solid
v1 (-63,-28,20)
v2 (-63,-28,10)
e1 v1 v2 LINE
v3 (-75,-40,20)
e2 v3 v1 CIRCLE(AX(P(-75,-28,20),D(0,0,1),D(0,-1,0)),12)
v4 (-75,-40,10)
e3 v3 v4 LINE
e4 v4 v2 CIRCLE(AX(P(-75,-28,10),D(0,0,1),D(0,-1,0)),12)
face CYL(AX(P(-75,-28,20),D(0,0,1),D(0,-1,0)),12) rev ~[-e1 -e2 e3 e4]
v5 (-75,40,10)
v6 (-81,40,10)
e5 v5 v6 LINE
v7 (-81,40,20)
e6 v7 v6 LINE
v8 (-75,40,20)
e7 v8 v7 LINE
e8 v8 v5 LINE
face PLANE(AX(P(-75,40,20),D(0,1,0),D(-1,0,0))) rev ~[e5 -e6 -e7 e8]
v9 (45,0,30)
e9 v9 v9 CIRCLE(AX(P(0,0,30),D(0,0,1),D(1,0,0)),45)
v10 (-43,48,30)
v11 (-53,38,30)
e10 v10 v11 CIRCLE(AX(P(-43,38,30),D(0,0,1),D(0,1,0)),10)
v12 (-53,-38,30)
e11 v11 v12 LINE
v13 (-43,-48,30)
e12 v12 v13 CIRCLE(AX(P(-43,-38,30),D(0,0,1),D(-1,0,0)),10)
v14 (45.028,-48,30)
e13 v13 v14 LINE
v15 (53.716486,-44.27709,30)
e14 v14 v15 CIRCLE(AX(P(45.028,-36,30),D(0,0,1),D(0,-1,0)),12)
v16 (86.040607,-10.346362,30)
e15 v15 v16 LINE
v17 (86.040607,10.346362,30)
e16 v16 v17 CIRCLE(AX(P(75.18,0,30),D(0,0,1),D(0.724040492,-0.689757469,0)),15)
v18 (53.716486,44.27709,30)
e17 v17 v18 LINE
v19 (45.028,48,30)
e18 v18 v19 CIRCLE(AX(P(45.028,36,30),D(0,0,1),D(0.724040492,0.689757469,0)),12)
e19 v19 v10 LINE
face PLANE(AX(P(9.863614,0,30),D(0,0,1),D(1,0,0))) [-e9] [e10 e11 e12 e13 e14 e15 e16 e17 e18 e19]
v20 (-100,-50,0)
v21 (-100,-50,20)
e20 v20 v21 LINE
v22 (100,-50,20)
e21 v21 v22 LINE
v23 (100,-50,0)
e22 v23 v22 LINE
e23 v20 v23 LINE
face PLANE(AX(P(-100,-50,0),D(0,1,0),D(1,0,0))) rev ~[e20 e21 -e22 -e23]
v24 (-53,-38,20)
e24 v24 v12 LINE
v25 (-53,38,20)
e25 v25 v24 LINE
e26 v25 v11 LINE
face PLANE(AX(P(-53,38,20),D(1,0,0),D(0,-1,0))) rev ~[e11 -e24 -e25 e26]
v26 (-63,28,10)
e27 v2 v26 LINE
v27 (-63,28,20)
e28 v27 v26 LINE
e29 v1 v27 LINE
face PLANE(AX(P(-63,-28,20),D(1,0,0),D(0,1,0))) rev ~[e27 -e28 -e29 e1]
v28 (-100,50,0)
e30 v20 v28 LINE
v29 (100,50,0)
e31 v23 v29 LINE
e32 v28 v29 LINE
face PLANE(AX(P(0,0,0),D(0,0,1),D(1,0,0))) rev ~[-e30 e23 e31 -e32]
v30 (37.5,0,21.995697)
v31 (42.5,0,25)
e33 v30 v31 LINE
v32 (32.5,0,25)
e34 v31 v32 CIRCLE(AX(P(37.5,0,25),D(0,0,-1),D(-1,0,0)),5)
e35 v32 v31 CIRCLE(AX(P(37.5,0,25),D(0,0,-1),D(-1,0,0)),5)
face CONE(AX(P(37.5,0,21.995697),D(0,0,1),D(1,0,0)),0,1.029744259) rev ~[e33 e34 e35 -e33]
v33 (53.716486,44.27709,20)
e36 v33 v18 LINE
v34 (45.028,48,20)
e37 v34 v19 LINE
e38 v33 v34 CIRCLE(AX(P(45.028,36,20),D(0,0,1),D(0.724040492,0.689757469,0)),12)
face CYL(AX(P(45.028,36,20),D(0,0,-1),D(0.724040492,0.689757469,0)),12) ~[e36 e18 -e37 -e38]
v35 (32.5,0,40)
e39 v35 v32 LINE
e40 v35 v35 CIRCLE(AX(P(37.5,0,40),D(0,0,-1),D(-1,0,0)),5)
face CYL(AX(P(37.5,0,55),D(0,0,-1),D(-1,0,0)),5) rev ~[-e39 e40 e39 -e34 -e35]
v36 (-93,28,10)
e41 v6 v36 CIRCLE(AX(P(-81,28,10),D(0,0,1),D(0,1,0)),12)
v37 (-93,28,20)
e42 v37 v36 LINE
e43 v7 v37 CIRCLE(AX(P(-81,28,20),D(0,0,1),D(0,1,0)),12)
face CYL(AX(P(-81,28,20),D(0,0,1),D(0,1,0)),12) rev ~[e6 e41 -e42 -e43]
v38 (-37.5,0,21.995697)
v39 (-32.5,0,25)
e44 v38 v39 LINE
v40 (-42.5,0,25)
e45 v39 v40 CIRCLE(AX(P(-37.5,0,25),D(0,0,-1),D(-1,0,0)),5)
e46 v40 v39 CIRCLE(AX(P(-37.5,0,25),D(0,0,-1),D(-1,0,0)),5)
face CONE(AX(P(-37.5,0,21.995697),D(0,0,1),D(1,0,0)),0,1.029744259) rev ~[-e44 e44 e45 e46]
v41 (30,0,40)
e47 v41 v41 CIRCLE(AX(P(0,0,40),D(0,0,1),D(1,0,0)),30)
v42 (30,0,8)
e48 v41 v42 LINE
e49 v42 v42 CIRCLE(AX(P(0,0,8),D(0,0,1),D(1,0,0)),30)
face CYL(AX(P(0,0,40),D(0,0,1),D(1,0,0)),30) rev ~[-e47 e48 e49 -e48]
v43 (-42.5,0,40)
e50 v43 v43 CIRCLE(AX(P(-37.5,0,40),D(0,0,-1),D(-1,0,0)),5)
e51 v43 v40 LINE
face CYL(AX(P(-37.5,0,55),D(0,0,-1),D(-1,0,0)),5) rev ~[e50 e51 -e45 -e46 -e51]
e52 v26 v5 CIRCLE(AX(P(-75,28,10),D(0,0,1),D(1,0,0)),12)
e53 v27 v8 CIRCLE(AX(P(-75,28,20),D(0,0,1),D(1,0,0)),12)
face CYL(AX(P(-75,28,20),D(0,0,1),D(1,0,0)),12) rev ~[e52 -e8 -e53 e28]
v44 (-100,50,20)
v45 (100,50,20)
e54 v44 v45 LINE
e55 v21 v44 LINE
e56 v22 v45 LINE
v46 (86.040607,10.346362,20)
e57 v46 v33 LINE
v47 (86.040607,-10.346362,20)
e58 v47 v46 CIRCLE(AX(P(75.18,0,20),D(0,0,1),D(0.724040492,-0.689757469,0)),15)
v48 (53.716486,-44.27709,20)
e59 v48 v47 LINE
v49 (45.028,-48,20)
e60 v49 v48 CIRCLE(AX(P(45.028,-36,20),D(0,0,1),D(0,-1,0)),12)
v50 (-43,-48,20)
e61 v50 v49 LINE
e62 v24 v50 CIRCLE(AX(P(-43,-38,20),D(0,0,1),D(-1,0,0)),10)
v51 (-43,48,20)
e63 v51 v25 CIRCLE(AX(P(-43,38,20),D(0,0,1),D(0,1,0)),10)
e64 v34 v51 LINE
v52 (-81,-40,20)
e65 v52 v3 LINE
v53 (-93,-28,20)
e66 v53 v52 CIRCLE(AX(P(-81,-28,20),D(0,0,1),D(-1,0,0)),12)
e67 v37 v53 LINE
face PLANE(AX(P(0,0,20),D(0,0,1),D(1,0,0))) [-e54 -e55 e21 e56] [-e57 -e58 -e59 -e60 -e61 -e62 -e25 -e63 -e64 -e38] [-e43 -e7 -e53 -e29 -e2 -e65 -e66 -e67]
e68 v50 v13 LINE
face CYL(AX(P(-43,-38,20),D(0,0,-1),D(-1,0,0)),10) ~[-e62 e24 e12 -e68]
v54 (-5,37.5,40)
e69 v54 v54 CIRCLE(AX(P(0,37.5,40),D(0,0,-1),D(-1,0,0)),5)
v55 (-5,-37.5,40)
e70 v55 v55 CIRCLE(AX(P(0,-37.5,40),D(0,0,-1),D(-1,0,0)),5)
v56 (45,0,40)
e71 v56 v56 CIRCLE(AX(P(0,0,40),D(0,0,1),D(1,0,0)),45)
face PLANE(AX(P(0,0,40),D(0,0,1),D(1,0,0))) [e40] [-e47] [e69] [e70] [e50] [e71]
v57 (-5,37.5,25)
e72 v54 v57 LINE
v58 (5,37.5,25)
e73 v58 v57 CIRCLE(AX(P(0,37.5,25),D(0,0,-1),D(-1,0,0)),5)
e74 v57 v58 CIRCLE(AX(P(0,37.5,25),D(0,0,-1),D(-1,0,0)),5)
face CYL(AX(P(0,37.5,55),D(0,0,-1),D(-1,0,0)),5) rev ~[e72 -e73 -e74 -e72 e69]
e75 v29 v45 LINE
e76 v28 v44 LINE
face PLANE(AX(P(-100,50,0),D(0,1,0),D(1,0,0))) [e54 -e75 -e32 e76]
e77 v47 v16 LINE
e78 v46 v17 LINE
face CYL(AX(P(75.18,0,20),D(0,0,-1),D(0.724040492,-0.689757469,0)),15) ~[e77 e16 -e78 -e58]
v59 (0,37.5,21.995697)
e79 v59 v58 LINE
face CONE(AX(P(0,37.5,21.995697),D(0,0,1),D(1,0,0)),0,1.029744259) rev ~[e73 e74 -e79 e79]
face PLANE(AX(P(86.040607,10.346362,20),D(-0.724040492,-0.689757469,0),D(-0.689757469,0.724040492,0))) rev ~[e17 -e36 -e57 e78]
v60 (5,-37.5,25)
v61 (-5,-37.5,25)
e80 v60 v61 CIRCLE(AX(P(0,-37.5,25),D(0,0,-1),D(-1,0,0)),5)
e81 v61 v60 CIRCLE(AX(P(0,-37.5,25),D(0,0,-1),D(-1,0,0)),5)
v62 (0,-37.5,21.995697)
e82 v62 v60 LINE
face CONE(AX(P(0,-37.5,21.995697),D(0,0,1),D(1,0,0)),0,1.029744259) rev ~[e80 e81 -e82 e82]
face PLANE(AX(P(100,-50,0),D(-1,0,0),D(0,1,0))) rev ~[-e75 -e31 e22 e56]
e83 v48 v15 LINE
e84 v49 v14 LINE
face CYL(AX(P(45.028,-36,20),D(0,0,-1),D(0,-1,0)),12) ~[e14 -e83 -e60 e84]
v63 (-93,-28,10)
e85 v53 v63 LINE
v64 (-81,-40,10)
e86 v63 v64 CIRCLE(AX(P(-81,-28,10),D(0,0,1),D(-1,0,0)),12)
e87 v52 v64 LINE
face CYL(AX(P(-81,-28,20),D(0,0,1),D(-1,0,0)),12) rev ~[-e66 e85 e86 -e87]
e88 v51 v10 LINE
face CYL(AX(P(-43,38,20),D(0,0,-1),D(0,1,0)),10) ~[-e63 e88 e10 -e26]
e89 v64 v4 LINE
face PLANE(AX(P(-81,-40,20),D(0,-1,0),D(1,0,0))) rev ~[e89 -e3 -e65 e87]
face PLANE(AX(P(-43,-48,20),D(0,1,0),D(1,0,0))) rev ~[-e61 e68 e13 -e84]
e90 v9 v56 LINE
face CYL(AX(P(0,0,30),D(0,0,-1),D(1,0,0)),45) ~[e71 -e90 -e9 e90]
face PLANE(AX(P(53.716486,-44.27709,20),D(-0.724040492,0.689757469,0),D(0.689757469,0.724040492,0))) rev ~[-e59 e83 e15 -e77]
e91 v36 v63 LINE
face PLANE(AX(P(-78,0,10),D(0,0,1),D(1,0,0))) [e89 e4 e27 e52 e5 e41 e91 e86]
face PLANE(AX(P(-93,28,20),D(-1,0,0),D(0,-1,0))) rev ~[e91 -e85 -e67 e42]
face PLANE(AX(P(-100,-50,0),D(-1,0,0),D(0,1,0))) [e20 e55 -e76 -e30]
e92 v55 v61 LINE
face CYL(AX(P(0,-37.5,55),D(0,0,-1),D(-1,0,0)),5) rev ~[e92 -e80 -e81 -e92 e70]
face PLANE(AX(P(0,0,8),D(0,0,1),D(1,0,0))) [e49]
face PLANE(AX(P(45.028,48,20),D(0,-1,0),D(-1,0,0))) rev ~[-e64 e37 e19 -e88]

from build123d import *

# Parameters (mm, degrees)
F0_W      = 200
F0_H      = 100
F1_DEPTH  = 20
F3_DEPTH  = 10
F5_DEPTH  = 10
F6_R      = 45
F7_DEPTH  = 10
F8_R      = 30
F9_DEPTH  = 32
F11_D     = 10
F11_DEPTH = 15
F11_TIP   = 3.0043030951


with BuildPart() as f1:
    # F0 (on Top) → F1 (new body)
    with BuildSketch(Plane.XY):
        Rectangle(F0_W, F0_H)
    extrude(amount=F1_DEPTH)

    # F2 (on face) → F3 (cut)
    with BuildSketch(Plane.XY.offset(20)):
        with BuildLine():
            Line((-75, 40), (-81, 40))
            ThreePointArc((-81, 40), (-89.4852813742, 36.4852813742), (-93, 28))
            Line((-93, 28), (-93, -28))
            ThreePointArc((-93, -28), (-89.4852813742, -36.4852813742), (-81, -40))
            Line((-81, -40), (-75, -40))
            ThreePointArc((-75, -40), (-66.5147186258, -36.4852813742), (-63, -28))
            Line((-63, -28), (-63, 28))
            ThreePointArc((-63, 28), (-66.5147186258, 36.4852813742), (-75, 40))
        make_face()
    extrude(amount=-F3_DEPTH, mode=Mode.SUBTRACT)

    # F4 (on face) → F5 (join)
    with BuildSketch(Plane.XY.offset(20)):
        with BuildLine():
            Line((45.028, 48), (-43, 48))
            ThreePointArc((-43, 48), (-50.0710678119, 45.0710678119), (-53, 38))
            Line((-53, 38), (-53, -38))
            ThreePointArc((-53, -38), (-50.0710678119, -45.0710678119), (-43, -48))
            Line((-43, -48), (45.028, -48))
            ThreePointArc((45.028, -48), (49.7542524478, -47.0300742427), (53.7164858981, -44.2770896333))
            Line((53.7164858981, -44.2770896333), (86.0406073726, -10.3463620417))
            ThreePointArc((86.0406073726, -10.3463620417), (90.18, 0), (86.0406073726, 10.3463620417))
            Line((86.0406073726, 10.3463620417), (53.7164858981, 44.2770896333))
            ThreePointArc((53.7164858981, 44.2770896333), (49.7542524478, 47.0300742427), (45.028, 48))
        make_face()
    extrude(amount=F5_DEPTH)

    # F6 (on face) → F7 (join)
    with BuildSketch(Plane.XY.offset(30)):
        Circle(F6_R)
    extrude(amount=F7_DEPTH)

    # F8 (on face) → F9 (cut)
    with BuildSketch(Plane.XY.offset(40)):
        Circle(F8_R)
    extrude(amount=-F9_DEPTH, mode=Mode.SUBTRACT)

    # F11
    with Locations(Plane.XY.offset(40)):
        with Locations((-37.5, 0), (0, 37.5), (37.5, 0), (0, -37.5)):
            Hole(F11_D / 2, depth=F11_DEPTH)
            with Locations((0, 0, -(F11_DEPTH + F11_TIP / 2))):  # 118° drill point
                Cone(0, F11_D / 2, F11_TIP, mode=Mode.SUBTRACT)


solid = f1.part
